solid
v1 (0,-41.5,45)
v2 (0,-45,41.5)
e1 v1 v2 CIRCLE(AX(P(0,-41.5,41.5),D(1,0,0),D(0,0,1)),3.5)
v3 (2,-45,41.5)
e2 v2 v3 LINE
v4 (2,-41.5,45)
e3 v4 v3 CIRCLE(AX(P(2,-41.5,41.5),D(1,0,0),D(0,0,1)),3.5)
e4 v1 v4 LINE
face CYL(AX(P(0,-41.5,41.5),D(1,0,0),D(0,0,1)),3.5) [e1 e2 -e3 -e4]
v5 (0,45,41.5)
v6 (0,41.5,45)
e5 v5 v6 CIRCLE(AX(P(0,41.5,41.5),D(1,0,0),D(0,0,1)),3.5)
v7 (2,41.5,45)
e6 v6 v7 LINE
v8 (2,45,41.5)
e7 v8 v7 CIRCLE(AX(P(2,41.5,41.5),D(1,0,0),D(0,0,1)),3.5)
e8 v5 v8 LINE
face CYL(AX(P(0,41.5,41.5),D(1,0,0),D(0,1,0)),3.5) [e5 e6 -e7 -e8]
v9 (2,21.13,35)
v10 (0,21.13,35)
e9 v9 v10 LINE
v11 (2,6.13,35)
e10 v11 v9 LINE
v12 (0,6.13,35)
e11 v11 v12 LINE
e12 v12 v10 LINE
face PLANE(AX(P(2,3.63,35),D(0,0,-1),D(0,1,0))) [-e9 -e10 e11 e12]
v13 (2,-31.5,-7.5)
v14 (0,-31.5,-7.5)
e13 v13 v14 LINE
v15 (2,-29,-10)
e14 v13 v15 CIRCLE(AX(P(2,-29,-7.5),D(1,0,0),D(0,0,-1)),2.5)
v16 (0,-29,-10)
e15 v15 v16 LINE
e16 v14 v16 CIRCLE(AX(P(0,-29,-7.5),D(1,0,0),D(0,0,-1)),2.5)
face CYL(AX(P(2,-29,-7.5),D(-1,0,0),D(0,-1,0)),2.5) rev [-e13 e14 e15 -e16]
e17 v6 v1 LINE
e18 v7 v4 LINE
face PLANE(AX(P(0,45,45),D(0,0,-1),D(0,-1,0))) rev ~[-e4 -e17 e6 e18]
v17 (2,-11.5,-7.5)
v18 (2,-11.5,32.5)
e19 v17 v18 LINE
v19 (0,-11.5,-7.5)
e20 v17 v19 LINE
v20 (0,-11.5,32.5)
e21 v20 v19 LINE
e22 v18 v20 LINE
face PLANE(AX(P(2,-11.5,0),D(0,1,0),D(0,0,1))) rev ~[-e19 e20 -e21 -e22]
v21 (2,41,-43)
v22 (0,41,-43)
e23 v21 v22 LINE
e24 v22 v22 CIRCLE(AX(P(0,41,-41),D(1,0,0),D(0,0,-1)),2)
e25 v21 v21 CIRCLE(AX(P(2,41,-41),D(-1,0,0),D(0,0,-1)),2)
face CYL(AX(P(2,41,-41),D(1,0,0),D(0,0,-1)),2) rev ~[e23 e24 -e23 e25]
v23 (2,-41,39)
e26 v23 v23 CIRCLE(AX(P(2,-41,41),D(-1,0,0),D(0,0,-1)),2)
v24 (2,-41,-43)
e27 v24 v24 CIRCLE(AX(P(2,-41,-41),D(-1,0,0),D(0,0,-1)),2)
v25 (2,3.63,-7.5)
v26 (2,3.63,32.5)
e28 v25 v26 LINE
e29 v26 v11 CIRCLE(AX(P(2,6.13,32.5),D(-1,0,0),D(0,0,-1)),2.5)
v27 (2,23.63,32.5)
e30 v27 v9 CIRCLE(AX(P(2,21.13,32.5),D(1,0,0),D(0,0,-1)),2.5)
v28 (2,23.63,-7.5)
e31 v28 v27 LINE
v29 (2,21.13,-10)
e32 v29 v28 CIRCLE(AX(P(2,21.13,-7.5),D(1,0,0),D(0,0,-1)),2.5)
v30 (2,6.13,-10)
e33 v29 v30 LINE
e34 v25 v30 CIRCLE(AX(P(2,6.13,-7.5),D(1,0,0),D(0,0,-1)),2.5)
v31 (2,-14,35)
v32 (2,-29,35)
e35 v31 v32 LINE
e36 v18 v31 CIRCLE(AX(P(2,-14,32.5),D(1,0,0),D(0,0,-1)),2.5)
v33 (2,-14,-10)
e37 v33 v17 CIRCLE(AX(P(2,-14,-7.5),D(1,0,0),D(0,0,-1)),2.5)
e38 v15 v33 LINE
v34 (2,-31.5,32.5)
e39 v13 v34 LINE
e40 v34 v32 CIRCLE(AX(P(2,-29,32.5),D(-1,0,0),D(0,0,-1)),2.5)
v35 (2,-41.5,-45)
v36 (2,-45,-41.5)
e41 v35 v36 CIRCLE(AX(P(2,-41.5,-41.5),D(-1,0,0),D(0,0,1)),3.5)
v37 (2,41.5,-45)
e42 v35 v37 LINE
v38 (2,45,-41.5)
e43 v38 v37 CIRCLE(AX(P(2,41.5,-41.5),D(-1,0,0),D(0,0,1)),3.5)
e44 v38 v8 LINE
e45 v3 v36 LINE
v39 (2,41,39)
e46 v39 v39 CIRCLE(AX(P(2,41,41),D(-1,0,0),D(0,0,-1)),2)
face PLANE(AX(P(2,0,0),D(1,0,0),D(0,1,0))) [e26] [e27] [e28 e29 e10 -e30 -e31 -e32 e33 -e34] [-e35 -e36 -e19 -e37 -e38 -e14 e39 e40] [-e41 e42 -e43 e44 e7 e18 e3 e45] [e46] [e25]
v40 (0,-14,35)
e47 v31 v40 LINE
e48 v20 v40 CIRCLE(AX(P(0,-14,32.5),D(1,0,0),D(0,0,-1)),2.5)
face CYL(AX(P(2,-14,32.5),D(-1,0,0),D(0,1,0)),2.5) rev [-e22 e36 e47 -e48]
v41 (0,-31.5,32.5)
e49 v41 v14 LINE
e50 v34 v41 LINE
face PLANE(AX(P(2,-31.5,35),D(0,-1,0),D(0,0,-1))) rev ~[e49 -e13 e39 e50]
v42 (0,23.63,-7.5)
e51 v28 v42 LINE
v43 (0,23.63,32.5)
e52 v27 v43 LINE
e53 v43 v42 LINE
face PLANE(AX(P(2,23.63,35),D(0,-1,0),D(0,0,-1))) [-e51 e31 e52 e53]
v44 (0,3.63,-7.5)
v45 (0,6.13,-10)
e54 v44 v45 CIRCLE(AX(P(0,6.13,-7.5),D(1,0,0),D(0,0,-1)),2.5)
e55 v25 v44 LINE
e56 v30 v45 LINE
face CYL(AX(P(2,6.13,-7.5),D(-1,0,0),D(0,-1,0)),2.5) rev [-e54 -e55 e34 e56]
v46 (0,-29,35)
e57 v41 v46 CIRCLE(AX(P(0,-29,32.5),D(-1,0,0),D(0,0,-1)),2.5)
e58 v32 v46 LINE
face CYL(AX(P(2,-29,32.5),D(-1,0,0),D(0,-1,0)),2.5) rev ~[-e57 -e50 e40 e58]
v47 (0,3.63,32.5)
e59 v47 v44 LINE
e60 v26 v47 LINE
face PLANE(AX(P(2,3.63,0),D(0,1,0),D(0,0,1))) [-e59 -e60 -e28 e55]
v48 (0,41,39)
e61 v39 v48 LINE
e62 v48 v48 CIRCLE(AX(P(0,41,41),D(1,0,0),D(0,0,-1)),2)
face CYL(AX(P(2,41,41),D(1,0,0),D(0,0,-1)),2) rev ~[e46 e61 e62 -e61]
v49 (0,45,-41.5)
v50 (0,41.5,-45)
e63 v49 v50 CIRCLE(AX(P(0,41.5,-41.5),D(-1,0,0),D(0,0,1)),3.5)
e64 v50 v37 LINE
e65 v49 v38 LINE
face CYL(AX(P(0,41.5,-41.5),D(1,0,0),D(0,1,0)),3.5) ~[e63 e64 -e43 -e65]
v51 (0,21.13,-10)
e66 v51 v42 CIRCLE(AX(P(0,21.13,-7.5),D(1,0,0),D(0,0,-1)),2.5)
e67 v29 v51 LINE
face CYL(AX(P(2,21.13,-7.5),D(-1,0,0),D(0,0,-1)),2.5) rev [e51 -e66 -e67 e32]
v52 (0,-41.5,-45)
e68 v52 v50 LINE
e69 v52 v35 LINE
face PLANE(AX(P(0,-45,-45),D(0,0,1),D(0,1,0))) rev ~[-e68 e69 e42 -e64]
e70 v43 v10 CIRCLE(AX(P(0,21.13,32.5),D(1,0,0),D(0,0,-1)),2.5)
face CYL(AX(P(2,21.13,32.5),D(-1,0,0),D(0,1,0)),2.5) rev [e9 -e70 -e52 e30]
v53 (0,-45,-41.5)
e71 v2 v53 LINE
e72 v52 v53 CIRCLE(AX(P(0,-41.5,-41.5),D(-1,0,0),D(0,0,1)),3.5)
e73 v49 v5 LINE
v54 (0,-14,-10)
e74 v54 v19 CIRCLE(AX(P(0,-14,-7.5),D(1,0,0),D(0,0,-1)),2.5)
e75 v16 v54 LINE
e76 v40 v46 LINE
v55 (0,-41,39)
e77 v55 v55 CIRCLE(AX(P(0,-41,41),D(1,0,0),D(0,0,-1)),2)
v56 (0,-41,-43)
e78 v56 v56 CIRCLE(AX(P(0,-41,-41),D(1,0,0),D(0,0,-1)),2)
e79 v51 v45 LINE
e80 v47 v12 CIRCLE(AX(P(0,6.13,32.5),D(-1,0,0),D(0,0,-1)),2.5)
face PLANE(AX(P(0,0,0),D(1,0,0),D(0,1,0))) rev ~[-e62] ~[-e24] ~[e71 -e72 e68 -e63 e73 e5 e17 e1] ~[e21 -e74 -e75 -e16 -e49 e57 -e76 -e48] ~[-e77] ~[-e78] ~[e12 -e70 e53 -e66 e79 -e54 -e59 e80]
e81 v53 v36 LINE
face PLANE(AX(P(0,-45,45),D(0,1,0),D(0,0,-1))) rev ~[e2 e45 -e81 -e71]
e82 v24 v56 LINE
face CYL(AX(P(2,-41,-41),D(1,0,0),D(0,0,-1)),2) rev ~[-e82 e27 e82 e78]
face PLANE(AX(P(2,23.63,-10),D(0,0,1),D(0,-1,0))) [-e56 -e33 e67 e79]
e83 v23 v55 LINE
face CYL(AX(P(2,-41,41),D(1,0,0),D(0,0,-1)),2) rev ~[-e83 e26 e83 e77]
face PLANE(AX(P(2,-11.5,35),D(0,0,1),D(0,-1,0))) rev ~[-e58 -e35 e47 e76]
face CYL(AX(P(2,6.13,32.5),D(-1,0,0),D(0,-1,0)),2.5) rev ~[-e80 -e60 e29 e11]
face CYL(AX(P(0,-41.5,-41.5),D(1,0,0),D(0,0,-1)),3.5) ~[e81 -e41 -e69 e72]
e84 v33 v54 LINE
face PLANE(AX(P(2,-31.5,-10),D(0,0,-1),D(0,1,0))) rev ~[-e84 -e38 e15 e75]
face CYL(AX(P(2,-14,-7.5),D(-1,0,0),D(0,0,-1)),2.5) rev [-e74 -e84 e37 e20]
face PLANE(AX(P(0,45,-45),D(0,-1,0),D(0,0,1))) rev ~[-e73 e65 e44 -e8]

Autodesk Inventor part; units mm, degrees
ref_plane "YZ Plane" through (0, 0, 0) normal (1, 0, 0) x (0, 1, 0)
ref_plane "XZ Plane" through (0, 0, 0) normal (0, 1, 0) x (-1, 0, 0)
ref_plane "XY Plane" through (0, 0, 0) normal (0, 0, 1) x (1, 0, 0)
sketch "Sketch1" plane through (0, 0, 0) normal (1, 0, 0) x (0, 1, 0)
  line L0 (45, 45) -> (-45, 45)
  line L1 (-45, 45) -> (-45, -45)
  line L2 (-45, -45) -> (45, -45)
  line L3 (45, -45) -> (45, 45)
  line L4 (45, 45) -> (-45, -45) construction
  line L5 (-45, 45) -> (45, -45) construction
  point P0 (0, 0)
  dimension "d0" = 90
  dimension "d1" = 90
extrude "Extrusion1" add sketch "Sketch1" along normal blind 2
sketch "Sketch2" plane through (2, 0, 0) normal (1, 0, 0) x (0, 0, -1)
  line L0 (45, 45) -> (-45, 45) projected
  line L1 (-45, 45) -> (-41, 45)
  line L2 (-41, 45) -> (-41, 41)
  circle A0 centre (-41, 41) radius 2
  line L3 (45, -45) -> (45, 45) projected
  line L4 (45, 45) -> (41, 45)
  line L5 (41, 45) -> (41, 41)
  circle A1 centre (41, 41) radius 2
  line L6 (-45, 45) -> (-45, -45) projected
  line L7 (-45, -45) -> (-41, -45)
  line L8 (-45, -45) -> (45, -45) projected
  line L9 (-41, -45) -> (-41, -41)
  circle A2 centre (-41, -41) radius 2
  line L10 (45, -45) -> (41, -45)
  line L11 (41, -45) -> (41, -41)
  circle A3 centre (41, -41) radius 2
  point P0 (0, 0)
  dimension "d4" = 4
  dimension "d5" = 4
  dimension "d6" = 4
  dimension "d7" = 4
  dimension "d8" = 4
  dimension "d9" = 4
  dimension "d10" = 4
  dimension "d11" = 4
  dimension "d12" = 4
  dimension "d13" = 4
  dimension "d14" = 4
  dimension "d15" = 4
extrude "Extrusion2" cut sketch "Sketch2" against normal up to surface (2 mm away) contours A1 | A0 | A2 | A3
fillet "Fillet1" radius 3.5 4 edges at (1, 45, -45) (1, -45, -45) (1, -45, 45) (1, 45, 45)
sketch "Sketch3" plane through (2, 0, 0) normal (1, 0, 0) x (0, 0, -1)
  line L0 (-41.5, -45) -> (41.5, -45) projected
  line L1 (0, -45) -> (0, -41.5)
  line L2 (0, -41.5) -> (0, -31.5)
  line L3 (0, -31.5) -> (0, -11.5)
  line L4 (0, -45) -> (0, -6.37)
  line L5 (0, -6.37) -> (0, 3.63)
  line L6 (0, 3.63) -> (0, 23.63)
  line L7 (45, -41.5) -> (45, 41.5) projected
  line L8 (45, 0) -> (10, 0)
  line L9 (10, 0) -> (10, 3.63)
  line L10 (10, 3.63) -> (-35, 3.63)
  line L11 (-35, 3.63) -> (-35, 23.63)
  line L12 (-35, 23.63) -> (10, 23.63)
  line L13 (10, 23.63) -> (10, 3.63)
  line L14 (10, 0) -> (10, -11.5)
  line L15 (10, -11.5) -> (-35, -11.5)
  line L16 (-35, -11.5) -> (-35, -31.5)
  line L17 (-35, -31.5) -> (10, -31.5)
  line L18 (10, -31.5) -> (10, -11.5)
  point P0 (0, 0)
  dimension "d19" = 3.5
  dimension "d20" = 10
  dimension "d21" = 20
  dimension "d22" = 38.63
  dimension "d23" = 10
  dimension "d24" = 20
  dimension "d25" = 35
  dimension "d26" = 45
  dimension "d27" = 20
  dimension "d28" = 45
  dimension "d29" = 20
extrude "Extrusion3" cut sketch "Sketch3" against normal up to surface (2 mm away) contours L17 L16 L15 L3 | L3 L15 L18 L17 | L10 L11 L12 L6 | L6 L12 L13 L10
fillet "Fillet2" radius 2.5 8 edges at (1, 23.63, -10) (1, -11.5, -10) (1, 23.63, 35) (1, -11.5, 35) (1, 3.63, -10) (1, -31.5, -10) (1, 3.63, 35) (1, -31.5, 35)
properties part number "RightCover" material "ABS Plastic"
